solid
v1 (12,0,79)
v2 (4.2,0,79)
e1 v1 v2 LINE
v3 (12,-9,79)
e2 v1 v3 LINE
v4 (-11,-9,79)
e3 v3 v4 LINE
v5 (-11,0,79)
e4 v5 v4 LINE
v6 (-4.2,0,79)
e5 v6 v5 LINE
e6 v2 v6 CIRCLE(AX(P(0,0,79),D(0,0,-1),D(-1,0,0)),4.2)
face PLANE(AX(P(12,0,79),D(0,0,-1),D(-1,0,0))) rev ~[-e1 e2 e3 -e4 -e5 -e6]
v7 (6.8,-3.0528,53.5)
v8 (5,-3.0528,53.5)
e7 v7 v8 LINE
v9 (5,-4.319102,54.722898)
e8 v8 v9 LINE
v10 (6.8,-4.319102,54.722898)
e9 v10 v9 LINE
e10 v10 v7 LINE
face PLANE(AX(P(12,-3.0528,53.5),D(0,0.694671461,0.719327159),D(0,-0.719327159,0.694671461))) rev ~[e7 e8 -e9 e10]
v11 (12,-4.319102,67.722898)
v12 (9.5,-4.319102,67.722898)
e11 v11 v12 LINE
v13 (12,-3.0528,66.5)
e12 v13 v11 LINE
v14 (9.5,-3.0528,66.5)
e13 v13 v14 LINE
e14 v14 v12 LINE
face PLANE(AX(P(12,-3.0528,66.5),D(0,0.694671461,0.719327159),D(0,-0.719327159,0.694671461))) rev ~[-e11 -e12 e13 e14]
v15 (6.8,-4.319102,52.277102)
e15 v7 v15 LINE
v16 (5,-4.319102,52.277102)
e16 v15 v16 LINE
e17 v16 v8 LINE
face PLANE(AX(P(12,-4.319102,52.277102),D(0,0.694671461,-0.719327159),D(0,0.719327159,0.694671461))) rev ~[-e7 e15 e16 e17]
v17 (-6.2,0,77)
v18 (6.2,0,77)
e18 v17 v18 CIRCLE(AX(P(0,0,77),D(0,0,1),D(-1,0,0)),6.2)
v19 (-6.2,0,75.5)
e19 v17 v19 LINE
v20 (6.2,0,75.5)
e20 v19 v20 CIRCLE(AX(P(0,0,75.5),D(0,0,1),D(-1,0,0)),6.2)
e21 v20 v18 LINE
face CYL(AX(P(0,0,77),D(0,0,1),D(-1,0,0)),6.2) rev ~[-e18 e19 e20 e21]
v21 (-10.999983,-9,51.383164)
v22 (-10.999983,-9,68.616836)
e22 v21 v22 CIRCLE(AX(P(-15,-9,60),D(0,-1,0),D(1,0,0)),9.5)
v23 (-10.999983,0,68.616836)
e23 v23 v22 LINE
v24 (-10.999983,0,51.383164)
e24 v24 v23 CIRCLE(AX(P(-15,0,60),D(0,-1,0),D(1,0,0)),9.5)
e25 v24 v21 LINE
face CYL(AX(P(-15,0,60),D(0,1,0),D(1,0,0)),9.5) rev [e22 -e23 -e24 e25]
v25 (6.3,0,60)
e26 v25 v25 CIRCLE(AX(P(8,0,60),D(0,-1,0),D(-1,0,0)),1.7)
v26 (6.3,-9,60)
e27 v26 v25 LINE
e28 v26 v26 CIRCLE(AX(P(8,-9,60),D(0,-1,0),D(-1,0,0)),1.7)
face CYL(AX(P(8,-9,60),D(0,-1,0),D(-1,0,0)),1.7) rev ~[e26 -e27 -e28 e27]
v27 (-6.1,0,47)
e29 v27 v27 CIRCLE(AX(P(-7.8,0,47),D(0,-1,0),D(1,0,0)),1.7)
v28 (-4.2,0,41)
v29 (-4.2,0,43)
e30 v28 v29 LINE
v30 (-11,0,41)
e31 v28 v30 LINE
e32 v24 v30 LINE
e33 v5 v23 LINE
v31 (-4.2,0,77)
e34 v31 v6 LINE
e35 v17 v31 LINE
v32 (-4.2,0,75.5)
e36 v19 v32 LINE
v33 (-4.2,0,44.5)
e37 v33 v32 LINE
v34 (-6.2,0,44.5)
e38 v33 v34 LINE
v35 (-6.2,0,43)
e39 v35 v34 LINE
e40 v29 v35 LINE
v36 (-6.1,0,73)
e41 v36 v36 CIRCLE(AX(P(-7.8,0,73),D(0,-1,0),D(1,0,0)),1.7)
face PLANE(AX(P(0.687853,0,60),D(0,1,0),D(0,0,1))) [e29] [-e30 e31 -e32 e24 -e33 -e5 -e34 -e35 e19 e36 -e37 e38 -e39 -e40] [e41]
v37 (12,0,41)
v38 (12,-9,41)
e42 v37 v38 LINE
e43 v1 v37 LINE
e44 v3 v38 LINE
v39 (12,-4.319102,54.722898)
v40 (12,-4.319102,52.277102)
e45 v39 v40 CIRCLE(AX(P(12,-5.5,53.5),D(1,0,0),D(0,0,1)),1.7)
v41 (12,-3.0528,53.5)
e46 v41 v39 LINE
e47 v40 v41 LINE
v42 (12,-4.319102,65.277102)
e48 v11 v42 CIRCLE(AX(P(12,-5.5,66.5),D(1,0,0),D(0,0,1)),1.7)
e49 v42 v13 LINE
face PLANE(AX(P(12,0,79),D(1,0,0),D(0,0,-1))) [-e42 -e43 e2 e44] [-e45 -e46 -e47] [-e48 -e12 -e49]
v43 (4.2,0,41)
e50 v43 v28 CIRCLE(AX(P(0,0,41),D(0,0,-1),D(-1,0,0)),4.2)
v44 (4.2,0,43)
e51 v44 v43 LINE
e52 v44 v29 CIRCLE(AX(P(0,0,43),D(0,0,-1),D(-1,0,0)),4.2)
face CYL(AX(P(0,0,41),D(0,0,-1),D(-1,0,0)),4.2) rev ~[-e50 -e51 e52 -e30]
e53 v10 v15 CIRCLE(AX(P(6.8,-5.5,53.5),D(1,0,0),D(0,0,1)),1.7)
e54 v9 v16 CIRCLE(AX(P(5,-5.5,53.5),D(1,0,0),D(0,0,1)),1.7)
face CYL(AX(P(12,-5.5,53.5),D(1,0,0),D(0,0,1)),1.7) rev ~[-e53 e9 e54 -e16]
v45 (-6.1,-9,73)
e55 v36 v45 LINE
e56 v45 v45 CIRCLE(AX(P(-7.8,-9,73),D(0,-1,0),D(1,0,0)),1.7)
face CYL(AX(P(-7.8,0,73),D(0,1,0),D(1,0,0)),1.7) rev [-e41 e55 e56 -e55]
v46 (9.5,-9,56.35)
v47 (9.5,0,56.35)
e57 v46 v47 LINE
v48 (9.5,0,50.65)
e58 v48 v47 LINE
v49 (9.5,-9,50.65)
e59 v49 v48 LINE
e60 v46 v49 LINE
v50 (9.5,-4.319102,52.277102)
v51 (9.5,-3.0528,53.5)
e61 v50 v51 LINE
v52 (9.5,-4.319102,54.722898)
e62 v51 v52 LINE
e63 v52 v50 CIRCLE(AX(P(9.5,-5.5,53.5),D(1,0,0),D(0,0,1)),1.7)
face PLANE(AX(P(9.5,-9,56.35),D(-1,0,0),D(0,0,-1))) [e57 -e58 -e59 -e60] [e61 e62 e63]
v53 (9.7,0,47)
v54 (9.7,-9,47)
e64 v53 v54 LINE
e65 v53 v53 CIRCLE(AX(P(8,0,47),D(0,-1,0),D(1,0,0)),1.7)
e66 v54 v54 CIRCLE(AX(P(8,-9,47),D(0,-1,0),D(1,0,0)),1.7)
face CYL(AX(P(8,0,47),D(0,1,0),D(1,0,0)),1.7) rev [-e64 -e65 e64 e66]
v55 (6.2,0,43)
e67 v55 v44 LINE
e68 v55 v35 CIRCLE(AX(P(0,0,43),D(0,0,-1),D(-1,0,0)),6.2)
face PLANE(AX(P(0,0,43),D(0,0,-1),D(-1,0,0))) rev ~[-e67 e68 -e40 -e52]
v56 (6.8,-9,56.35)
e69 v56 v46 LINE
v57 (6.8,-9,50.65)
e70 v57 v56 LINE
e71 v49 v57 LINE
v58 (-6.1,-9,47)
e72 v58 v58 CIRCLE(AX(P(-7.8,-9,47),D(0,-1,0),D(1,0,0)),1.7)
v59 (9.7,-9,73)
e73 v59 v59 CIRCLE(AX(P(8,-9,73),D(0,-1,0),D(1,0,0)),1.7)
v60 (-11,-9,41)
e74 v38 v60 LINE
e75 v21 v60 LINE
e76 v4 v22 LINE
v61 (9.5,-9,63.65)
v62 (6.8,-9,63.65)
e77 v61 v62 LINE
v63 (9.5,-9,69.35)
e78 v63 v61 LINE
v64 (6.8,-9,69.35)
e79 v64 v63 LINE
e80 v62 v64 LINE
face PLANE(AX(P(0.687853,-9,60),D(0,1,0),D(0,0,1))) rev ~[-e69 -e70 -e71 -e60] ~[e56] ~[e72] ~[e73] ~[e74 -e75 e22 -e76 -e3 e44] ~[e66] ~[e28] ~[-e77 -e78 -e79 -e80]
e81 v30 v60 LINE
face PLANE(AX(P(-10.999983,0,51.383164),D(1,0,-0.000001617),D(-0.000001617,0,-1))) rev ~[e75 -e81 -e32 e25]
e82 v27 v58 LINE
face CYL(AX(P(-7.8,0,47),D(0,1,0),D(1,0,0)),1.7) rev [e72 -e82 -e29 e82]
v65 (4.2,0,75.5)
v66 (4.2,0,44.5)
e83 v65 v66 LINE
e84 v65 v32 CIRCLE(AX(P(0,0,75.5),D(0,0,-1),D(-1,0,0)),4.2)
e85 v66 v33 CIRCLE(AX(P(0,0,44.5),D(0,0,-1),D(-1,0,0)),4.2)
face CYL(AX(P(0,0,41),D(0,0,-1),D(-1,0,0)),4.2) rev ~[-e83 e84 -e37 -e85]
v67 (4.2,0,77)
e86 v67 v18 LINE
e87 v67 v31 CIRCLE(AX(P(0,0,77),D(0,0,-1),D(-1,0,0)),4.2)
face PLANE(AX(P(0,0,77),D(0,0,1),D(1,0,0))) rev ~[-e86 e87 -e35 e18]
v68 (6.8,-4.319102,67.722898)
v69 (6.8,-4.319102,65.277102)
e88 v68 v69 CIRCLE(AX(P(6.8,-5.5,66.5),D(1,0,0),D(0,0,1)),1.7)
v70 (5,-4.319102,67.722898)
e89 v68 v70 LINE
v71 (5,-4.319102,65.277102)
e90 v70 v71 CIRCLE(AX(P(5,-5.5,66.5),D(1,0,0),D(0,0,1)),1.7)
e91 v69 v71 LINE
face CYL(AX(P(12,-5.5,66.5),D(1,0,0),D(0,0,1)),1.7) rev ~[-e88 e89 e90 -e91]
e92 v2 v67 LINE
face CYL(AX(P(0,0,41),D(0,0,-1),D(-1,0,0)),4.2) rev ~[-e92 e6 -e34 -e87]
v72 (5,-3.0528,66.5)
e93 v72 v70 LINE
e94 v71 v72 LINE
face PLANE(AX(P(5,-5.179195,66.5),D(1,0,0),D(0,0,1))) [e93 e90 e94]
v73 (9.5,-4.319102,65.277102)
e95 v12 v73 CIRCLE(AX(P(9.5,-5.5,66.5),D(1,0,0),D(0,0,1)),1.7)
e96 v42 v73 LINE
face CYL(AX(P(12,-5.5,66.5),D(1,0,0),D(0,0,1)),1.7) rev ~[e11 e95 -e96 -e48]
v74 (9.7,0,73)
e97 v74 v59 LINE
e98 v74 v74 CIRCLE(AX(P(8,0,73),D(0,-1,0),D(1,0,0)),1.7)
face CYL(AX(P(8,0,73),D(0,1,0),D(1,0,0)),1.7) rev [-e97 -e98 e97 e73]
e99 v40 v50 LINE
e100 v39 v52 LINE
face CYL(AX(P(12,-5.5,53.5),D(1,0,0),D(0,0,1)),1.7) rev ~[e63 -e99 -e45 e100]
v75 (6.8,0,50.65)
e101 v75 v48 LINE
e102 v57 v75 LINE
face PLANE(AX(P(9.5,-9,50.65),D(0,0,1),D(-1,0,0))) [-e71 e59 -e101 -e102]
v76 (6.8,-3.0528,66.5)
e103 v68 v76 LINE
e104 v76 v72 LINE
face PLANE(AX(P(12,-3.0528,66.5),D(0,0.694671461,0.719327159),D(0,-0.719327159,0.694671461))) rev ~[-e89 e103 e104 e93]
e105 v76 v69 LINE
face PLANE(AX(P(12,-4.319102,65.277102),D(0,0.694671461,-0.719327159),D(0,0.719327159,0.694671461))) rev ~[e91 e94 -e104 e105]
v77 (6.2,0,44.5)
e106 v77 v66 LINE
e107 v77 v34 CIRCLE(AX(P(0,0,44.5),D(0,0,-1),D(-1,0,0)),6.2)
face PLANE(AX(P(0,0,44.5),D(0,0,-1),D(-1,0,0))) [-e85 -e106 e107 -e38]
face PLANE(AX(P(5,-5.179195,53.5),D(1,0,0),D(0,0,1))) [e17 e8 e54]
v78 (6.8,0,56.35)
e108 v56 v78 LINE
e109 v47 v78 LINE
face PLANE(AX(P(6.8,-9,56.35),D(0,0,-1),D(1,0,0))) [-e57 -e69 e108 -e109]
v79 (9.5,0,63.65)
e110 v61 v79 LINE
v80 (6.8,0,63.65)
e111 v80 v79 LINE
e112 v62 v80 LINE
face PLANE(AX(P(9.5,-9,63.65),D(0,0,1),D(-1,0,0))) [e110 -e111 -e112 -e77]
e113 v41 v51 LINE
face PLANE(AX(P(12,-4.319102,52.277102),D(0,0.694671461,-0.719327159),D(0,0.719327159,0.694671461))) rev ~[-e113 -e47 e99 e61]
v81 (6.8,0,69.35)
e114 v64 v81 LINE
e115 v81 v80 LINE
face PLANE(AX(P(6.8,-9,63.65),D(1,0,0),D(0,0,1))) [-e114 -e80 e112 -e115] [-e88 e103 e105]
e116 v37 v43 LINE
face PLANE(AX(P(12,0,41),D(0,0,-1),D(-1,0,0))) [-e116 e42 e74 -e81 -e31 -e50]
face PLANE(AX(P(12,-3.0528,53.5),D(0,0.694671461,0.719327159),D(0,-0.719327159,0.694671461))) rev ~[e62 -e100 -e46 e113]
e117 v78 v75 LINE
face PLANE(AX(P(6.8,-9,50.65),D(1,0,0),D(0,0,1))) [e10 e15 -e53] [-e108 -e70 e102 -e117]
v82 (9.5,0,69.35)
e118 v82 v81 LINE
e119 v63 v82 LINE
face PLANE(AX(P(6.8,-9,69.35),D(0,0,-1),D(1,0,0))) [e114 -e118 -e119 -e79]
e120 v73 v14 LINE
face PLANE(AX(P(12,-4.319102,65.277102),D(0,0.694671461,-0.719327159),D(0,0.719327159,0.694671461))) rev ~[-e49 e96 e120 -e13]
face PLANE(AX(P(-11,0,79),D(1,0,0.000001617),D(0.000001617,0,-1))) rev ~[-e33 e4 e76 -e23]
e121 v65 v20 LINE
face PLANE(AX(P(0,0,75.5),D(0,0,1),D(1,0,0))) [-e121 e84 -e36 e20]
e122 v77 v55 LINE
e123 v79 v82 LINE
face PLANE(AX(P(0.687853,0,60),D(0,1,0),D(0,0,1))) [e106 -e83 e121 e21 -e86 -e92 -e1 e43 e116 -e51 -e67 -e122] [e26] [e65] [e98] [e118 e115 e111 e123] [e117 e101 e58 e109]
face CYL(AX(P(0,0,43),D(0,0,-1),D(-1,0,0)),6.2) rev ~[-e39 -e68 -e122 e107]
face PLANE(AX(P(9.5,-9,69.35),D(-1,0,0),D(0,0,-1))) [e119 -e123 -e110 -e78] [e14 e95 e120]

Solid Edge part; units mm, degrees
sketch "Sketch1" plane through (0, 0, 0) normal (0, -1, 0) x (1, 0, 0)
  circle A0 centre (-7.8, 73) radius 1.7
  circle A1 centre (8, 73) radius 1.7
  circle A2 centre (8, 47) radius 1.7
  circle A3 centre (-7.8, 47) radius 1.7
  line L0 (12, 79) -> (12, 41)
  line L1 (12, 41) -> (-11, 41)
  line L2 (-11, 51.3832) -> (-11, 41)
  line L3 (-11, 79) -> (-11, 68.6168)
  line L4 (12, 79) -> (-11, 79)
  arc A4 (-11, 51.3832) -> (-11, 68.6168) centre (-15, 60) ccw
extrude "Protrusion1" add sketch "Sketch1" along normal blind 9
sketch "Sketch2" plane through (-0.1, -4, 41) normal (0, 0, -1) x (-1, 0, 0)
  circle A0 centre (-0.1, 4) radius 4.2
  dimension "D1" = 8.4
extrude "Cutout1" cut sketch "Sketch2" against normal through all
sketch "Sketch3" plane through (-0.1, -4, 77) normal (0, 0, 1) x (-1, 0, 0)
  circle A0 centre (-0.1, -4) radius 6.2
extrude "ExtrudedCutout_2" cut sketch "Sketch3" against normal blind 1.5
sketch "Sketch4" plane through (-0.1, -4, 43) normal (0, 0, -1) x (-1, 0, 0)
  circle A0 centre (-0.1, 4) radius 6.2
extrude "ExtrudedCutout_3" cut sketch "Sketch4" against normal blind 1.5
sketch "Sketch5" plane through (12, -4.5, 61.3992) normal (1, 0, 0) x (0, 0, 1)
  line L0 (3.8779, -0.1809) -> (5.1008, -1.4472)
  line L1 (5.1008, -1.4472) -> (6.3237, -0.1809)
  arc A0 (6.3237, -0.1809) -> (3.8779, -0.1809) centre (5.1008, 1) ccw
  line L2 (-9.1221, -0.1809) -> (-7.8992, -1.4472)
  line L3 (-7.8992, -1.4472) -> (-6.6763, -0.1809)
  arc A1 (-6.6763, -0.1809) -> (-9.1221, -0.1809) centre (-7.8992, 1) ccw
extrude "Cutout2" cut sketch "Sketch5" against normal up to vertex (7 mm away)
sketch "Sketch6" plane through (-0.1, -9, 61.3992) normal (0, -1, 0) x (1, 0, 0)
  line L0 (6.9, 2.2508) -> (6.9, 7.9508)
  line L1 (6.9, 7.9508) -> (9.6, 7.9508)
  line L2 (9.6, 7.9508) -> (9.6, 2.2508)
  line L3 (9.6, 2.2508) -> (6.9, 2.2508)
  line L4 (6.9, -5.0492) -> (9.6, -5.0492)
  line L5 (9.6, -5.0492) -> (9.6, -10.7492)
  line L6 (9.6, -10.7492) -> (6.9, -10.7492)
  line L7 (6.9, -10.7492) -> (6.9, -5.0492)
extrude "Cutout3" cut sketch "Sketch6" against normal through all
sketch "Sketch7" plane through (-0.1, -9, 61.3992) normal (0, -1, 0) x (-1, 0, 0)
  circle A0 centre (-8.1, 1.3992) radius 1.7
extrude "Cutout4" cut sketch "Sketch7" against normal through all
